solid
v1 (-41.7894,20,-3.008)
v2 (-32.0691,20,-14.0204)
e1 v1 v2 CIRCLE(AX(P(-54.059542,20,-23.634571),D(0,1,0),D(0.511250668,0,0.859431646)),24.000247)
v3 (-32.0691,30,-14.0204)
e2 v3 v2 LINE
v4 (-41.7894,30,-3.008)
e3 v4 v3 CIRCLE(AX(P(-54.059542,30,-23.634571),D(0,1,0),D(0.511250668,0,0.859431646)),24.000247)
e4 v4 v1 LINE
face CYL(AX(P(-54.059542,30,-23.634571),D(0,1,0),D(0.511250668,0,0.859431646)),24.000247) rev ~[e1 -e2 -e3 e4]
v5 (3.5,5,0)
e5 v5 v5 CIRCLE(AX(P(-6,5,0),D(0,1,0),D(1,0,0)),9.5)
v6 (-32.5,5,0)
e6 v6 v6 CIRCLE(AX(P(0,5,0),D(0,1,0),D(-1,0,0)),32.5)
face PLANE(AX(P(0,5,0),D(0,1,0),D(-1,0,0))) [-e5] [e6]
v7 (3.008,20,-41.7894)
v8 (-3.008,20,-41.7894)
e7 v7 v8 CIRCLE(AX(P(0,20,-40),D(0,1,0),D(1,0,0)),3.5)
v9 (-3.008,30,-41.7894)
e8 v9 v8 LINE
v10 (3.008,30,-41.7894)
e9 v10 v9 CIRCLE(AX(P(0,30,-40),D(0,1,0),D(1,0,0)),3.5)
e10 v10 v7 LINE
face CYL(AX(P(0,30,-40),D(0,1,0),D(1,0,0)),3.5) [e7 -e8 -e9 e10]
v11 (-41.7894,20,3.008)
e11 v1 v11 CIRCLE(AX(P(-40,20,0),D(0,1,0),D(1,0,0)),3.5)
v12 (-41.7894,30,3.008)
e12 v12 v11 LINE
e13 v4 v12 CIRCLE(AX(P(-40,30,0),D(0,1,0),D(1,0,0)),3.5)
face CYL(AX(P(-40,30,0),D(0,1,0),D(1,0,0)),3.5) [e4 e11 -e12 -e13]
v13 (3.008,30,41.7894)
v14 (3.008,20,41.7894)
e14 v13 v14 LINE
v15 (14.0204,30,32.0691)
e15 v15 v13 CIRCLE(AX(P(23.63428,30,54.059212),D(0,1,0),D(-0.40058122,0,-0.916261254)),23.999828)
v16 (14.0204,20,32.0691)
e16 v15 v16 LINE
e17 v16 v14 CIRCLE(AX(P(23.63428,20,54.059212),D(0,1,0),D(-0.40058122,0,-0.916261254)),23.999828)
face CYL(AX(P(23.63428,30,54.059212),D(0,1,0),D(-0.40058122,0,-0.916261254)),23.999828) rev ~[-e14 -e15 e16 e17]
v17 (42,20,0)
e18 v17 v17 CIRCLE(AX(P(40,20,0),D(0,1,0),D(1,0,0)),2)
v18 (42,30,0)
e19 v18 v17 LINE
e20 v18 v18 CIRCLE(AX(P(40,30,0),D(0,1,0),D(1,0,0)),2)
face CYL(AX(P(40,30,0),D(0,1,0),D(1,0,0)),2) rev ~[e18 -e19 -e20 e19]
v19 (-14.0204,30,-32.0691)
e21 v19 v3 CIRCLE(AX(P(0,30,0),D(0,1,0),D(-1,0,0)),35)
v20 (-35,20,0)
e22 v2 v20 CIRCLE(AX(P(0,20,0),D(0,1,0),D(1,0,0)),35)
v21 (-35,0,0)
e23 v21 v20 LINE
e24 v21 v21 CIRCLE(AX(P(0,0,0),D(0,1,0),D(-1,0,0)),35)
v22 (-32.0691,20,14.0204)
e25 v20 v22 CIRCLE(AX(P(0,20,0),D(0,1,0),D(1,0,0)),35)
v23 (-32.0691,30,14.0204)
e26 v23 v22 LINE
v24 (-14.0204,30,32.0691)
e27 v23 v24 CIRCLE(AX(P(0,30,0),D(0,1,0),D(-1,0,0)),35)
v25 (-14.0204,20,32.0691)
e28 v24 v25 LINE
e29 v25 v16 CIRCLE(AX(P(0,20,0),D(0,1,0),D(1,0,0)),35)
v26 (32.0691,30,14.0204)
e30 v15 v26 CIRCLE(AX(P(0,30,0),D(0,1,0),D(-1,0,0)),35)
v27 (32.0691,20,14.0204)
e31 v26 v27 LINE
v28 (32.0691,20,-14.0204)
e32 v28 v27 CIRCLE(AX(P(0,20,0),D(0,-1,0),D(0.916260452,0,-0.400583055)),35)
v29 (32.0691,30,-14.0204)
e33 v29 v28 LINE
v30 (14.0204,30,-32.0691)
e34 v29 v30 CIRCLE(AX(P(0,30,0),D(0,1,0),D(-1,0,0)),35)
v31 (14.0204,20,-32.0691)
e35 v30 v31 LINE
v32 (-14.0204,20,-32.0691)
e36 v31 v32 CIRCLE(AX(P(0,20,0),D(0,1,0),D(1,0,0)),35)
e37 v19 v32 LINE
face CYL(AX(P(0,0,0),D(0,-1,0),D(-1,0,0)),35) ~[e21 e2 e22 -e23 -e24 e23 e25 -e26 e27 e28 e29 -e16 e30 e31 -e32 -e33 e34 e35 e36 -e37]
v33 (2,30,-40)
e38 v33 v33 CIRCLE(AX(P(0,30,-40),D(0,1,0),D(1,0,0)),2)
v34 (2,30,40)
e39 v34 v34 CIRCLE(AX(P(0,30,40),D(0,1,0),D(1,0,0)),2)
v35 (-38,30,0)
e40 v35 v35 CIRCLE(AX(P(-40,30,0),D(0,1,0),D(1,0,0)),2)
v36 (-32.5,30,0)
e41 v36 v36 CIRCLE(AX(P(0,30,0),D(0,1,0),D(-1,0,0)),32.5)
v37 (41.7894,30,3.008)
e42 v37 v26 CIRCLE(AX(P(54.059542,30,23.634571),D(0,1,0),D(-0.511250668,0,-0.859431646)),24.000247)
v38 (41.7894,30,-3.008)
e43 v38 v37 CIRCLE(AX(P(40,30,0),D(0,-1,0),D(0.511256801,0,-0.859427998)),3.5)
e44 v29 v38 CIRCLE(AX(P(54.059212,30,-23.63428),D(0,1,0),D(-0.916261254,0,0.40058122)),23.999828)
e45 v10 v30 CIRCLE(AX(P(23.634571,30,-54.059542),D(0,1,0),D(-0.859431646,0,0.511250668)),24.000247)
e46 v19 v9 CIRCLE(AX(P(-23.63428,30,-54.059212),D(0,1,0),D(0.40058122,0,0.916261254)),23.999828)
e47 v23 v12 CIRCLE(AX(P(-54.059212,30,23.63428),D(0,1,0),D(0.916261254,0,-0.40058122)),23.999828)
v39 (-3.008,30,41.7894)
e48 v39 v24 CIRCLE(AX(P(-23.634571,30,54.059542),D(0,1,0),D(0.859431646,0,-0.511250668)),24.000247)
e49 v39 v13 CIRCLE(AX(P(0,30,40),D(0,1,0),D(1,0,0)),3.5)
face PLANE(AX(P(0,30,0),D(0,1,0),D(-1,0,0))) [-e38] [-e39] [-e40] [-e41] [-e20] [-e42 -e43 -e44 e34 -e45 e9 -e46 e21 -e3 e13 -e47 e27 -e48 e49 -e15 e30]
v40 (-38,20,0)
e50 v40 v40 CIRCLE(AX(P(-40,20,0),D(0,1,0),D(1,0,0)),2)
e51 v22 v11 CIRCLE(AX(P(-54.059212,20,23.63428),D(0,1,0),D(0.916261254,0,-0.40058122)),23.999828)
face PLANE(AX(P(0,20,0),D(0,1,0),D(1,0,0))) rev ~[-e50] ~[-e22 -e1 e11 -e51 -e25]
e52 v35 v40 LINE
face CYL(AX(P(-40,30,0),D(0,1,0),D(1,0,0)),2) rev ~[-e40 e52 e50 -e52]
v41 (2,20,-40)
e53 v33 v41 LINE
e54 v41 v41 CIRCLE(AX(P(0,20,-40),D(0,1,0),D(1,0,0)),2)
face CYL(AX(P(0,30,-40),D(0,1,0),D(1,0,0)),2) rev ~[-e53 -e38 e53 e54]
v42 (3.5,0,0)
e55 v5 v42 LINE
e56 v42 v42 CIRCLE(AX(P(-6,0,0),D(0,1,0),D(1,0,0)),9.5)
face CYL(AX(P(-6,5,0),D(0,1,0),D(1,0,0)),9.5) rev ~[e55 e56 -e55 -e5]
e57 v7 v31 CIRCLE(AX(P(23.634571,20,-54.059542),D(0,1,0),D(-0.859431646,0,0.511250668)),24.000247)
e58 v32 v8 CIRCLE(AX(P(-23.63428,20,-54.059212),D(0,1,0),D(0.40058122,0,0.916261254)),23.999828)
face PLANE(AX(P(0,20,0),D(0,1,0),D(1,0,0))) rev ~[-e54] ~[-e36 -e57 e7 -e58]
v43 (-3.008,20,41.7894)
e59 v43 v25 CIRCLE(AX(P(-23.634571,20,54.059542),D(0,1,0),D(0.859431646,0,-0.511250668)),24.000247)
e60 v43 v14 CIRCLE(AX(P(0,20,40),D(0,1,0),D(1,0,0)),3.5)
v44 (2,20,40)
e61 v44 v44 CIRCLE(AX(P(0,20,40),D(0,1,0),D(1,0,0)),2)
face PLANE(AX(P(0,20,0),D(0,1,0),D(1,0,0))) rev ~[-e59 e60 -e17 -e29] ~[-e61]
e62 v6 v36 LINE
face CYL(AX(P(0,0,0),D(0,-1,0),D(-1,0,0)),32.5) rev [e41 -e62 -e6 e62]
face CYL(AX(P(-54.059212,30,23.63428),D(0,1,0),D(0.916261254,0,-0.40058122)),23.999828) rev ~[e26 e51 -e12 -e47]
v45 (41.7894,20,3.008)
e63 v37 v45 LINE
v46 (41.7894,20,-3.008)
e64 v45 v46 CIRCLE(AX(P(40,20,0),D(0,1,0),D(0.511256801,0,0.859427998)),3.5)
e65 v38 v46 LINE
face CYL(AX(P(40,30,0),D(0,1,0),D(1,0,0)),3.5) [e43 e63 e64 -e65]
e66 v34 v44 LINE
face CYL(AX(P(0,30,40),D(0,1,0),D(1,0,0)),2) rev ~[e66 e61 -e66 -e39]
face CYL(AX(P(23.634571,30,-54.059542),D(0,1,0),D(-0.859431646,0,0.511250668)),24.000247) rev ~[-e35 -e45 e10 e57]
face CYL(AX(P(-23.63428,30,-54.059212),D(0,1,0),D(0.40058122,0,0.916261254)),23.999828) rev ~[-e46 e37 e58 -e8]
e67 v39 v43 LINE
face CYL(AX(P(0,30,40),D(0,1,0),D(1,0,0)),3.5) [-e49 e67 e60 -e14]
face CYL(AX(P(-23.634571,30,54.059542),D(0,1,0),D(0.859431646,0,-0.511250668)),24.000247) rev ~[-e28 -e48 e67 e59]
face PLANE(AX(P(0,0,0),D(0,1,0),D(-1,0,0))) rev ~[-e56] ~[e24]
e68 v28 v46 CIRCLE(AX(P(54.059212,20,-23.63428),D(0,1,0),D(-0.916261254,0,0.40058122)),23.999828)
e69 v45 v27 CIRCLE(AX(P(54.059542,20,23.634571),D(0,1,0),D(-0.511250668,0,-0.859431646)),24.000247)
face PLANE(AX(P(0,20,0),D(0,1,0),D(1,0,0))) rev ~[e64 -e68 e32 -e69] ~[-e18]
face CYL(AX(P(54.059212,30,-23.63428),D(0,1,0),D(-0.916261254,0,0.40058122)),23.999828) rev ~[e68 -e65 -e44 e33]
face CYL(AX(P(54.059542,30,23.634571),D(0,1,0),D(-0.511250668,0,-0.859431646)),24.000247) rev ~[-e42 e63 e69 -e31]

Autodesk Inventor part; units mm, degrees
ref_plane "YZ Plane" through (0, 0, 0) normal (1, 0, 0) x (0, 1, 0)
sketch "Sketch1" plane through (0, 0, 0) normal (0, 1, 0) x (-1, 0, 0)
  circle A0 centre (0, 0) radius 35
  circle A1 centre (0, 0) radius 32.5
  dimension "d0" = 70
  dimension "d2" = 65
extrude "Extrusion3" add sketch "Sketch1" along normal blind 5 contours A1
extrude "Extrusion4" add sketch "Sketch1" along normal blind 30
ref_plane "Work Plane1" through (0, 17.5, 0) normal (0, 1, 0) x (-1, 0, 0)
ref_plane "Work Plane2" through (0, 0, -40) normal (0, 0, 1) x (1, 0, 0)
sketch "Sketch5" plane through (0, 30, 0) normal (0, 1, 0) x (1, 0, 0)
  circle A0 centre (-40, 0) radius 2
  circle A1 centre (-40, 0) radius 3.5
  circle A2 centre (0, 0) radius 35 projected
  arc A3 (-41.7894, 3.008) -> (-32.0691, 14.0204) centre (-54.0594, 23.6344) ccw
  arc A4 (-32.0691, -14.0204) -> (-41.7894, -3.008) centre (-54.0594, -23.6344) ccw
  circle A5 centre (0, -40) radius 3.5
  circle A6 centre (0, -40) radius 2
  arc A7 (-3.008, -41.7894) -> (-14.0204, -32.0691) centre (-23.6344, -54.0594) ccw
  arc A8 (14.0204, -32.0691) -> (3.008, -41.7894) centre (23.6344, -54.0594) ccw
  circle A9 centre (40, 0) radius 3.5
  circle A10 centre (40, 0) radius 2
  arc A11 (41.7894, -3.008) -> (32.0691, -14.0204) centre (54.0594, -23.6344) ccw
  arc A12 (32.0691, 14.0204) -> (41.7894, 3.008) centre (54.0594, 23.6344) ccw
  circle A13 centre (0, 40) radius 3.5
  circle A14 centre (0, 40) radius 2
  arc A15 (3.008, 41.7894) -> (14.0204, 32.0691) centre (23.6344, 54.0594) ccw
  arc A16 (-14.0204, 32.0691) -> (-3.008, 41.7894) centre (-23.6344, 54.0594) ccw
  point P0 (14.0204, -32.0691)
  point P1 (-14.0204, -32.0691)
  point P2 (32.0691, 14.0204)
  point P3 (-14.0204, 32.0691)
  point P4 (14.0204, 32.0691)
  dimension "d37" = 4
  dimension "d38" = 7
  dimension "d40" = 24
  dimension "d41" = 40
  dimension "d44" = 360
extrude "Extrusion9" add sketch "Sketch5" against normal blind 10 contours A1 | A1 A3 A2 A4 | A16 A13 A15 A2 | A2 A8 A5 A7 | A13 | A5 | A12 A9 A11 A2 | A9
sketch "Sketch6" plane through (0, 5, 0) normal (0, 1, 0) x (1, 0, 0)
  circle A0 centre (-6, 0) radius 9.5
  point P0 (0, 0)
  dimension "d48" = 19
  dimension "d49" = 6
extrude "Extrusion10" cut sketch "Sketch6" against normal blind 10
properties part number "carcaza"
